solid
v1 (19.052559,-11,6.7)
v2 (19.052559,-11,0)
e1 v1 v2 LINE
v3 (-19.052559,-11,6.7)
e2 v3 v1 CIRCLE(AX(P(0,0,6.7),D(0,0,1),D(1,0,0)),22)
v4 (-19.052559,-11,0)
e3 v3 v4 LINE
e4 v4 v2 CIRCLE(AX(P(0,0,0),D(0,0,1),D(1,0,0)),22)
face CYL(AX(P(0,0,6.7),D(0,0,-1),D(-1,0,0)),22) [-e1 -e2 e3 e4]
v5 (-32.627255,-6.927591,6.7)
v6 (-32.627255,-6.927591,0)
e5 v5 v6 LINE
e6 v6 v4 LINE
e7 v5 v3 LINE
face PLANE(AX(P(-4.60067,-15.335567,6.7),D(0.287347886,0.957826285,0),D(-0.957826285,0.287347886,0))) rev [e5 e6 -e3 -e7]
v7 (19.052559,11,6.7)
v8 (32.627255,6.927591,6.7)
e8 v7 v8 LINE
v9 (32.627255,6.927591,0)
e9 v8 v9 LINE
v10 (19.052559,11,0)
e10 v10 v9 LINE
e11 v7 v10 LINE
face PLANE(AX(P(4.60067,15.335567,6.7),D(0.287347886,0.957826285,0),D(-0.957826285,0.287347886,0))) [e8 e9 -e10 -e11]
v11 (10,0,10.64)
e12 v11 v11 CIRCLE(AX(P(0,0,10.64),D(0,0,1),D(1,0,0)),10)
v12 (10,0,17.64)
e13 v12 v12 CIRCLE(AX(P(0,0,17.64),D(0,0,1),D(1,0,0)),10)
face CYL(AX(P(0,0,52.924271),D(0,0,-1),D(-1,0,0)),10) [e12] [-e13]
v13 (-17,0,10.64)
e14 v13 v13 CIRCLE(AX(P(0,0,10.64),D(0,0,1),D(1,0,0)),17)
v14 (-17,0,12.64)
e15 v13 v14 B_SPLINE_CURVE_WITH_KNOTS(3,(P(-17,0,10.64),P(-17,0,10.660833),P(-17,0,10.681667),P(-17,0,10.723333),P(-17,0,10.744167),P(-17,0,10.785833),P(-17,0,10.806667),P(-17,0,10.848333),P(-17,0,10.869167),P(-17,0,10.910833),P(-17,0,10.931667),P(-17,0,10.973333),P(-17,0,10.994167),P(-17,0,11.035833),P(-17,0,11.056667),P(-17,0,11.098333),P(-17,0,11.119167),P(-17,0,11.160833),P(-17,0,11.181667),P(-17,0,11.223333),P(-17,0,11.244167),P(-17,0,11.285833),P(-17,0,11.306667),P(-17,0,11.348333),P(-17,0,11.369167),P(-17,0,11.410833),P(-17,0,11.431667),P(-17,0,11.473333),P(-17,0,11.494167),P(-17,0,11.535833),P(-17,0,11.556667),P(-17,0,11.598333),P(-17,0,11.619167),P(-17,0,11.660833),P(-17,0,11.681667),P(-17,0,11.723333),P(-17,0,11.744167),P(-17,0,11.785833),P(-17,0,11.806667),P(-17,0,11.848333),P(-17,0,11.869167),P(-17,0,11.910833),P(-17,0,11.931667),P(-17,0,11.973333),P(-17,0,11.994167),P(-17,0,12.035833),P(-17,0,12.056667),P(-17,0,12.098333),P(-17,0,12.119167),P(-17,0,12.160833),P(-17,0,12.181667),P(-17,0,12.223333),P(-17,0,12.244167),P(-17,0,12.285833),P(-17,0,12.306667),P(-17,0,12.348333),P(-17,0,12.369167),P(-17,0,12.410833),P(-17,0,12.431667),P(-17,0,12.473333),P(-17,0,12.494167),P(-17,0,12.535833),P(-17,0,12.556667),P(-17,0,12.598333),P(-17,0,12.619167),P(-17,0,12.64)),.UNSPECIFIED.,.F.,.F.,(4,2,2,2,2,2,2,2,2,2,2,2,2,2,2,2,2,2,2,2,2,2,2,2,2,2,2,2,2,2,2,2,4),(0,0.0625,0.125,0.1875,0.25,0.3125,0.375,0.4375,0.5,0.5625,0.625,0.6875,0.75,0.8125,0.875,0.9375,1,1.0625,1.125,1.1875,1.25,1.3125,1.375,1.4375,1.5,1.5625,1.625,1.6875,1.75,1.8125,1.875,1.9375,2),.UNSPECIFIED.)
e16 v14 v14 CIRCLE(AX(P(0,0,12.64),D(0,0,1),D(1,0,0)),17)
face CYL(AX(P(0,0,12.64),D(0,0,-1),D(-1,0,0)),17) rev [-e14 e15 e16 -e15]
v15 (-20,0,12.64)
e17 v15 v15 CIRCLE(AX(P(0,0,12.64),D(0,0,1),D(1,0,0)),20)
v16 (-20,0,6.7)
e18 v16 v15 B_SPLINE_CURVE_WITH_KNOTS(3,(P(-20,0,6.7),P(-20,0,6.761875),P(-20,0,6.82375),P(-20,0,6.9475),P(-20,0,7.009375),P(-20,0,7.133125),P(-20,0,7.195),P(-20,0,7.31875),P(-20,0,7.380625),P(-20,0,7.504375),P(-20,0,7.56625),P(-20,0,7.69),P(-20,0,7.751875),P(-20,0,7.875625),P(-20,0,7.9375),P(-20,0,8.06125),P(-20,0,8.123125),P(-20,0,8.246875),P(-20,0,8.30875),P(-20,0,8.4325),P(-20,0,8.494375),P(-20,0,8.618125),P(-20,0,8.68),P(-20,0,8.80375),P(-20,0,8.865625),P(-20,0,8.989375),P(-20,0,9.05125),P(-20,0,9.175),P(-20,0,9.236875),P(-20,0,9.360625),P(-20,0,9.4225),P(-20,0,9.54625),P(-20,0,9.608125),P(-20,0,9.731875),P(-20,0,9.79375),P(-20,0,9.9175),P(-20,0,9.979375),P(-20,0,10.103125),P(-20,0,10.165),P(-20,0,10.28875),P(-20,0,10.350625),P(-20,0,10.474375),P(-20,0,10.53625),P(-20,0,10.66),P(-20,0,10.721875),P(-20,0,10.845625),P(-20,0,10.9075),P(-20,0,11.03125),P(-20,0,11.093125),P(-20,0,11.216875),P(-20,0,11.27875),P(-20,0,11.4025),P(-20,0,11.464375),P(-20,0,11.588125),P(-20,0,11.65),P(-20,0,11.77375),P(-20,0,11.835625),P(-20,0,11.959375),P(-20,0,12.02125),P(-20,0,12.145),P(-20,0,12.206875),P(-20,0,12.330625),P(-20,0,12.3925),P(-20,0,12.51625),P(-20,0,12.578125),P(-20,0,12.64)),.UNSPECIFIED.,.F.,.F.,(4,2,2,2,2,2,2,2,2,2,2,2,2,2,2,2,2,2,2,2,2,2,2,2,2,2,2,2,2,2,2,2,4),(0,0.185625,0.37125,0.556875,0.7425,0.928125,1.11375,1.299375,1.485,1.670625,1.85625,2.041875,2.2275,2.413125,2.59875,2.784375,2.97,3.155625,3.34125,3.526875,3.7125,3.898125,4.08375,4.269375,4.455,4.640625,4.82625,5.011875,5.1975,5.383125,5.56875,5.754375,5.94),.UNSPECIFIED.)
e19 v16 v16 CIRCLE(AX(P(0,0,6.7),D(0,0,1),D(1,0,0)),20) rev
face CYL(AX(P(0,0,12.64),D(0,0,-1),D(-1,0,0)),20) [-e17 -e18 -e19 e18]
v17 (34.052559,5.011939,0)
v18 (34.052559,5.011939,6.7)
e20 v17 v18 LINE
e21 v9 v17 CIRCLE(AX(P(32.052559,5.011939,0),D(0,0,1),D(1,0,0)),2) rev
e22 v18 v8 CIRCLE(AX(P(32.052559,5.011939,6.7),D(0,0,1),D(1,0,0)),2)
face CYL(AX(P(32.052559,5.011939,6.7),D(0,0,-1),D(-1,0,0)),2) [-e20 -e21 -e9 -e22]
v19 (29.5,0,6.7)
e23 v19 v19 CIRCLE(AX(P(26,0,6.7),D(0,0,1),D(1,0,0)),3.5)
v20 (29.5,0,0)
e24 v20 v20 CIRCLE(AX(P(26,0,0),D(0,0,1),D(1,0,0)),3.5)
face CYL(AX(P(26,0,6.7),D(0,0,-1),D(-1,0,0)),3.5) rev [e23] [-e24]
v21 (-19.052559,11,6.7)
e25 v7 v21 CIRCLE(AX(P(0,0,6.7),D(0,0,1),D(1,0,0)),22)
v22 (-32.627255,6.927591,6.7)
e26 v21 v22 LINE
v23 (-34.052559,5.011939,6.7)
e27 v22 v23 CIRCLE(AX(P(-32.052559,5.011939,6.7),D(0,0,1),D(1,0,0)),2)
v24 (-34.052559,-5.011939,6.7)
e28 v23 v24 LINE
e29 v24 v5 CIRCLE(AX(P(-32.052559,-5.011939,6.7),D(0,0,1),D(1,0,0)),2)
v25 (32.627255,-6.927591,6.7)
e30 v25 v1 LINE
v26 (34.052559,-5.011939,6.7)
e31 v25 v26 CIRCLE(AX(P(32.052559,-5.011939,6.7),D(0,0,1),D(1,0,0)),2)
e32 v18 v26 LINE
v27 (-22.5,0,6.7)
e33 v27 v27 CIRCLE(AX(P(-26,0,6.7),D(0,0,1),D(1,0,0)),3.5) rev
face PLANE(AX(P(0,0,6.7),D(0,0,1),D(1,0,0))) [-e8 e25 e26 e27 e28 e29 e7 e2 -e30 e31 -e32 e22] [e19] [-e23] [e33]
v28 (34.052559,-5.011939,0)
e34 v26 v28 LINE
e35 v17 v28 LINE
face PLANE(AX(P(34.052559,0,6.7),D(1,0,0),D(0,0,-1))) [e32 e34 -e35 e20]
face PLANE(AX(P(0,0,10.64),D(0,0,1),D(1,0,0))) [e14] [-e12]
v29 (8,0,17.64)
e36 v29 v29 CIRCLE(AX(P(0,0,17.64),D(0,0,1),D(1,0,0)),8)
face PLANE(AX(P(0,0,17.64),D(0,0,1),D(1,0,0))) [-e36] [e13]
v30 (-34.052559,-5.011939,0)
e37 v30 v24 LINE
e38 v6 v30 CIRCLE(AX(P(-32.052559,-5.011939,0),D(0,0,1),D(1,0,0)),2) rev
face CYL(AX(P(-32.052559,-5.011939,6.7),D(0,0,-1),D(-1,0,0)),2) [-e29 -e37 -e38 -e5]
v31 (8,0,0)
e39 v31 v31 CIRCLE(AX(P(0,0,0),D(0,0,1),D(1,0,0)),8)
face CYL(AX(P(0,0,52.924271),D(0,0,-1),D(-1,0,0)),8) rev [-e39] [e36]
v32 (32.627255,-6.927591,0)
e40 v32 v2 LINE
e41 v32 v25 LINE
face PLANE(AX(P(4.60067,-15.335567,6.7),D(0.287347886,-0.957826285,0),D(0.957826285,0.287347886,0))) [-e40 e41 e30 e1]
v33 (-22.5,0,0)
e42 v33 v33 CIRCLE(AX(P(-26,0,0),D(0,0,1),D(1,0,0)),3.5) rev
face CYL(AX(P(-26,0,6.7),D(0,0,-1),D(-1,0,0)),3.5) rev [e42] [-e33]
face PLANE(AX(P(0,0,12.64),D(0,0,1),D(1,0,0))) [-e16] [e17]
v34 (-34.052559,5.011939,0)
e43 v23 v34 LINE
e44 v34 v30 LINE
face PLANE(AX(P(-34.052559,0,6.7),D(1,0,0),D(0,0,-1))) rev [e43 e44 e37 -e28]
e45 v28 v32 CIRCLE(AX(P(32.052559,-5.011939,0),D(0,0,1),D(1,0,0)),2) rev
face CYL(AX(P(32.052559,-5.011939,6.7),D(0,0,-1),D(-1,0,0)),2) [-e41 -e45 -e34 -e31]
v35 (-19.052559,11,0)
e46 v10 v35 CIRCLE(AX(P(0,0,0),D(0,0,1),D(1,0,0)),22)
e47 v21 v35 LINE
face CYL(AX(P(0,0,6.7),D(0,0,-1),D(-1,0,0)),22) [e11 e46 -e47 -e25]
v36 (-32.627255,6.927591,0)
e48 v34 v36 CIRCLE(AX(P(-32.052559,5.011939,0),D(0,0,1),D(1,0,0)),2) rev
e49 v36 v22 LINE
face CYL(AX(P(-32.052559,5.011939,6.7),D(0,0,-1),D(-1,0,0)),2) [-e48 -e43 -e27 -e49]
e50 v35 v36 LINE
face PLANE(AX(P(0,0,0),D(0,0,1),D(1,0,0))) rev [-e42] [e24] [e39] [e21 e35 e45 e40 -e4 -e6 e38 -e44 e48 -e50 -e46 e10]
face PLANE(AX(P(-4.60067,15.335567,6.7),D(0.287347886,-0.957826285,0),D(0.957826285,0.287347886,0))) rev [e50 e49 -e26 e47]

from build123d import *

# Parameters (mm, degrees)
SKETCH_1_R      = 10
SKETCH_1_R_2    = 3.5
EXTRUDE_1_DEPTH = 6.7
SKETCH_1_4_R    = 20
SKETCH_1_4_R_2  = 17
EXTRUDE_2_DEPTH = 12.64
SKETCH_1_5_R    = 17
SKETCH_1_5_R_2  = 10
EXTRUDE_3_DEPTH = 10.64
SKETCH_1_6_R    = 10
SKETCH_1_6_R_2  = 8
EXTRUDE_4_DEPTH = 17.64
FILLET_1_R      = 2


with BuildPart() as part:
    # 스케치1 → 보스-돌출1 (new body)
    with BuildSketch(Plane.XY):
        with BuildLine():
            Line((19.052558883, 11), (34.052558883, 6.5))
            Line((34.052558883, 6.5), (34.052558883, -6.5))
            Line((34.052558883, -6.5), (19.052558883, -11))
            ThreePointArc((19.052558883, -11), (0, -22), (-19.052558883, -11))
            Line((-19.052558883, -11), (-34.052558883, -6.5))
            Line((-34.052558883, -6.5), (-34.052558883, 6.5))
            Line((-34.052558883, 6.5), (-19.052558883, 11))
            ThreePointArc((-19.052558883, 11), (0, 22), (19.052558883, 11))
        make_face()
        Circle(SKETCH_1_R, mode=Mode.SUBTRACT)
        with Locations((26, 0)):
            Circle(SKETCH_1_R_2, mode=Mode.SUBTRACT)
        with Locations((-26, 0)):
            Circle(SKETCH_1_R_2, mode=Mode.SUBTRACT)
    extrude(amount=EXTRUDE_1_DEPTH)

    # 스케치1<4> → 보스-돌출2 (add)
    with BuildSketch(Plane.XY):
        with Locations(Location((0, 0, 0), (0, 0, 180))):
            Circle(SKETCH_1_4_R)
        with Locations(Location((0, 0, 0), (0, 0, 180))):
            Circle(SKETCH_1_4_R_2, mode=Mode.SUBTRACT)
    extrude(amount=EXTRUDE_2_DEPTH)

    # 스케치1<5> → 보스-돌출3 (add)
    with BuildSketch(Plane.XY):
        with Locations(Location((0, 0, 0), (0, 0, 180))):
            Circle(SKETCH_1_5_R)
        Circle(SKETCH_1_5_R_2, mode=Mode.SUBTRACT)
    extrude(amount=EXTRUDE_3_DEPTH)

    # 스케치1<6> → 보스-돌출4 (add)
    with BuildSketch(Plane.XY):
        Circle(SKETCH_1_6_R)
        Circle(SKETCH_1_6_R_2, mode=Mode.SUBTRACT)
    extrude(amount=EXTRUDE_4_DEPTH)

    # 필렛1
    fillet_1_edges = [part.edges().sort_by_distance(p)[0] for p in [
        (-34.052558883, -6.5, 3.35),
        (-34.052558883, 6.5, 3.35),
        (34.052558883, 6.5, 3.35),
        (34.052558883, -6.5, 3.35),
    ]]
    fillet(fillet_1_edges, radius=FILLET_1_R)


solid = part.part
